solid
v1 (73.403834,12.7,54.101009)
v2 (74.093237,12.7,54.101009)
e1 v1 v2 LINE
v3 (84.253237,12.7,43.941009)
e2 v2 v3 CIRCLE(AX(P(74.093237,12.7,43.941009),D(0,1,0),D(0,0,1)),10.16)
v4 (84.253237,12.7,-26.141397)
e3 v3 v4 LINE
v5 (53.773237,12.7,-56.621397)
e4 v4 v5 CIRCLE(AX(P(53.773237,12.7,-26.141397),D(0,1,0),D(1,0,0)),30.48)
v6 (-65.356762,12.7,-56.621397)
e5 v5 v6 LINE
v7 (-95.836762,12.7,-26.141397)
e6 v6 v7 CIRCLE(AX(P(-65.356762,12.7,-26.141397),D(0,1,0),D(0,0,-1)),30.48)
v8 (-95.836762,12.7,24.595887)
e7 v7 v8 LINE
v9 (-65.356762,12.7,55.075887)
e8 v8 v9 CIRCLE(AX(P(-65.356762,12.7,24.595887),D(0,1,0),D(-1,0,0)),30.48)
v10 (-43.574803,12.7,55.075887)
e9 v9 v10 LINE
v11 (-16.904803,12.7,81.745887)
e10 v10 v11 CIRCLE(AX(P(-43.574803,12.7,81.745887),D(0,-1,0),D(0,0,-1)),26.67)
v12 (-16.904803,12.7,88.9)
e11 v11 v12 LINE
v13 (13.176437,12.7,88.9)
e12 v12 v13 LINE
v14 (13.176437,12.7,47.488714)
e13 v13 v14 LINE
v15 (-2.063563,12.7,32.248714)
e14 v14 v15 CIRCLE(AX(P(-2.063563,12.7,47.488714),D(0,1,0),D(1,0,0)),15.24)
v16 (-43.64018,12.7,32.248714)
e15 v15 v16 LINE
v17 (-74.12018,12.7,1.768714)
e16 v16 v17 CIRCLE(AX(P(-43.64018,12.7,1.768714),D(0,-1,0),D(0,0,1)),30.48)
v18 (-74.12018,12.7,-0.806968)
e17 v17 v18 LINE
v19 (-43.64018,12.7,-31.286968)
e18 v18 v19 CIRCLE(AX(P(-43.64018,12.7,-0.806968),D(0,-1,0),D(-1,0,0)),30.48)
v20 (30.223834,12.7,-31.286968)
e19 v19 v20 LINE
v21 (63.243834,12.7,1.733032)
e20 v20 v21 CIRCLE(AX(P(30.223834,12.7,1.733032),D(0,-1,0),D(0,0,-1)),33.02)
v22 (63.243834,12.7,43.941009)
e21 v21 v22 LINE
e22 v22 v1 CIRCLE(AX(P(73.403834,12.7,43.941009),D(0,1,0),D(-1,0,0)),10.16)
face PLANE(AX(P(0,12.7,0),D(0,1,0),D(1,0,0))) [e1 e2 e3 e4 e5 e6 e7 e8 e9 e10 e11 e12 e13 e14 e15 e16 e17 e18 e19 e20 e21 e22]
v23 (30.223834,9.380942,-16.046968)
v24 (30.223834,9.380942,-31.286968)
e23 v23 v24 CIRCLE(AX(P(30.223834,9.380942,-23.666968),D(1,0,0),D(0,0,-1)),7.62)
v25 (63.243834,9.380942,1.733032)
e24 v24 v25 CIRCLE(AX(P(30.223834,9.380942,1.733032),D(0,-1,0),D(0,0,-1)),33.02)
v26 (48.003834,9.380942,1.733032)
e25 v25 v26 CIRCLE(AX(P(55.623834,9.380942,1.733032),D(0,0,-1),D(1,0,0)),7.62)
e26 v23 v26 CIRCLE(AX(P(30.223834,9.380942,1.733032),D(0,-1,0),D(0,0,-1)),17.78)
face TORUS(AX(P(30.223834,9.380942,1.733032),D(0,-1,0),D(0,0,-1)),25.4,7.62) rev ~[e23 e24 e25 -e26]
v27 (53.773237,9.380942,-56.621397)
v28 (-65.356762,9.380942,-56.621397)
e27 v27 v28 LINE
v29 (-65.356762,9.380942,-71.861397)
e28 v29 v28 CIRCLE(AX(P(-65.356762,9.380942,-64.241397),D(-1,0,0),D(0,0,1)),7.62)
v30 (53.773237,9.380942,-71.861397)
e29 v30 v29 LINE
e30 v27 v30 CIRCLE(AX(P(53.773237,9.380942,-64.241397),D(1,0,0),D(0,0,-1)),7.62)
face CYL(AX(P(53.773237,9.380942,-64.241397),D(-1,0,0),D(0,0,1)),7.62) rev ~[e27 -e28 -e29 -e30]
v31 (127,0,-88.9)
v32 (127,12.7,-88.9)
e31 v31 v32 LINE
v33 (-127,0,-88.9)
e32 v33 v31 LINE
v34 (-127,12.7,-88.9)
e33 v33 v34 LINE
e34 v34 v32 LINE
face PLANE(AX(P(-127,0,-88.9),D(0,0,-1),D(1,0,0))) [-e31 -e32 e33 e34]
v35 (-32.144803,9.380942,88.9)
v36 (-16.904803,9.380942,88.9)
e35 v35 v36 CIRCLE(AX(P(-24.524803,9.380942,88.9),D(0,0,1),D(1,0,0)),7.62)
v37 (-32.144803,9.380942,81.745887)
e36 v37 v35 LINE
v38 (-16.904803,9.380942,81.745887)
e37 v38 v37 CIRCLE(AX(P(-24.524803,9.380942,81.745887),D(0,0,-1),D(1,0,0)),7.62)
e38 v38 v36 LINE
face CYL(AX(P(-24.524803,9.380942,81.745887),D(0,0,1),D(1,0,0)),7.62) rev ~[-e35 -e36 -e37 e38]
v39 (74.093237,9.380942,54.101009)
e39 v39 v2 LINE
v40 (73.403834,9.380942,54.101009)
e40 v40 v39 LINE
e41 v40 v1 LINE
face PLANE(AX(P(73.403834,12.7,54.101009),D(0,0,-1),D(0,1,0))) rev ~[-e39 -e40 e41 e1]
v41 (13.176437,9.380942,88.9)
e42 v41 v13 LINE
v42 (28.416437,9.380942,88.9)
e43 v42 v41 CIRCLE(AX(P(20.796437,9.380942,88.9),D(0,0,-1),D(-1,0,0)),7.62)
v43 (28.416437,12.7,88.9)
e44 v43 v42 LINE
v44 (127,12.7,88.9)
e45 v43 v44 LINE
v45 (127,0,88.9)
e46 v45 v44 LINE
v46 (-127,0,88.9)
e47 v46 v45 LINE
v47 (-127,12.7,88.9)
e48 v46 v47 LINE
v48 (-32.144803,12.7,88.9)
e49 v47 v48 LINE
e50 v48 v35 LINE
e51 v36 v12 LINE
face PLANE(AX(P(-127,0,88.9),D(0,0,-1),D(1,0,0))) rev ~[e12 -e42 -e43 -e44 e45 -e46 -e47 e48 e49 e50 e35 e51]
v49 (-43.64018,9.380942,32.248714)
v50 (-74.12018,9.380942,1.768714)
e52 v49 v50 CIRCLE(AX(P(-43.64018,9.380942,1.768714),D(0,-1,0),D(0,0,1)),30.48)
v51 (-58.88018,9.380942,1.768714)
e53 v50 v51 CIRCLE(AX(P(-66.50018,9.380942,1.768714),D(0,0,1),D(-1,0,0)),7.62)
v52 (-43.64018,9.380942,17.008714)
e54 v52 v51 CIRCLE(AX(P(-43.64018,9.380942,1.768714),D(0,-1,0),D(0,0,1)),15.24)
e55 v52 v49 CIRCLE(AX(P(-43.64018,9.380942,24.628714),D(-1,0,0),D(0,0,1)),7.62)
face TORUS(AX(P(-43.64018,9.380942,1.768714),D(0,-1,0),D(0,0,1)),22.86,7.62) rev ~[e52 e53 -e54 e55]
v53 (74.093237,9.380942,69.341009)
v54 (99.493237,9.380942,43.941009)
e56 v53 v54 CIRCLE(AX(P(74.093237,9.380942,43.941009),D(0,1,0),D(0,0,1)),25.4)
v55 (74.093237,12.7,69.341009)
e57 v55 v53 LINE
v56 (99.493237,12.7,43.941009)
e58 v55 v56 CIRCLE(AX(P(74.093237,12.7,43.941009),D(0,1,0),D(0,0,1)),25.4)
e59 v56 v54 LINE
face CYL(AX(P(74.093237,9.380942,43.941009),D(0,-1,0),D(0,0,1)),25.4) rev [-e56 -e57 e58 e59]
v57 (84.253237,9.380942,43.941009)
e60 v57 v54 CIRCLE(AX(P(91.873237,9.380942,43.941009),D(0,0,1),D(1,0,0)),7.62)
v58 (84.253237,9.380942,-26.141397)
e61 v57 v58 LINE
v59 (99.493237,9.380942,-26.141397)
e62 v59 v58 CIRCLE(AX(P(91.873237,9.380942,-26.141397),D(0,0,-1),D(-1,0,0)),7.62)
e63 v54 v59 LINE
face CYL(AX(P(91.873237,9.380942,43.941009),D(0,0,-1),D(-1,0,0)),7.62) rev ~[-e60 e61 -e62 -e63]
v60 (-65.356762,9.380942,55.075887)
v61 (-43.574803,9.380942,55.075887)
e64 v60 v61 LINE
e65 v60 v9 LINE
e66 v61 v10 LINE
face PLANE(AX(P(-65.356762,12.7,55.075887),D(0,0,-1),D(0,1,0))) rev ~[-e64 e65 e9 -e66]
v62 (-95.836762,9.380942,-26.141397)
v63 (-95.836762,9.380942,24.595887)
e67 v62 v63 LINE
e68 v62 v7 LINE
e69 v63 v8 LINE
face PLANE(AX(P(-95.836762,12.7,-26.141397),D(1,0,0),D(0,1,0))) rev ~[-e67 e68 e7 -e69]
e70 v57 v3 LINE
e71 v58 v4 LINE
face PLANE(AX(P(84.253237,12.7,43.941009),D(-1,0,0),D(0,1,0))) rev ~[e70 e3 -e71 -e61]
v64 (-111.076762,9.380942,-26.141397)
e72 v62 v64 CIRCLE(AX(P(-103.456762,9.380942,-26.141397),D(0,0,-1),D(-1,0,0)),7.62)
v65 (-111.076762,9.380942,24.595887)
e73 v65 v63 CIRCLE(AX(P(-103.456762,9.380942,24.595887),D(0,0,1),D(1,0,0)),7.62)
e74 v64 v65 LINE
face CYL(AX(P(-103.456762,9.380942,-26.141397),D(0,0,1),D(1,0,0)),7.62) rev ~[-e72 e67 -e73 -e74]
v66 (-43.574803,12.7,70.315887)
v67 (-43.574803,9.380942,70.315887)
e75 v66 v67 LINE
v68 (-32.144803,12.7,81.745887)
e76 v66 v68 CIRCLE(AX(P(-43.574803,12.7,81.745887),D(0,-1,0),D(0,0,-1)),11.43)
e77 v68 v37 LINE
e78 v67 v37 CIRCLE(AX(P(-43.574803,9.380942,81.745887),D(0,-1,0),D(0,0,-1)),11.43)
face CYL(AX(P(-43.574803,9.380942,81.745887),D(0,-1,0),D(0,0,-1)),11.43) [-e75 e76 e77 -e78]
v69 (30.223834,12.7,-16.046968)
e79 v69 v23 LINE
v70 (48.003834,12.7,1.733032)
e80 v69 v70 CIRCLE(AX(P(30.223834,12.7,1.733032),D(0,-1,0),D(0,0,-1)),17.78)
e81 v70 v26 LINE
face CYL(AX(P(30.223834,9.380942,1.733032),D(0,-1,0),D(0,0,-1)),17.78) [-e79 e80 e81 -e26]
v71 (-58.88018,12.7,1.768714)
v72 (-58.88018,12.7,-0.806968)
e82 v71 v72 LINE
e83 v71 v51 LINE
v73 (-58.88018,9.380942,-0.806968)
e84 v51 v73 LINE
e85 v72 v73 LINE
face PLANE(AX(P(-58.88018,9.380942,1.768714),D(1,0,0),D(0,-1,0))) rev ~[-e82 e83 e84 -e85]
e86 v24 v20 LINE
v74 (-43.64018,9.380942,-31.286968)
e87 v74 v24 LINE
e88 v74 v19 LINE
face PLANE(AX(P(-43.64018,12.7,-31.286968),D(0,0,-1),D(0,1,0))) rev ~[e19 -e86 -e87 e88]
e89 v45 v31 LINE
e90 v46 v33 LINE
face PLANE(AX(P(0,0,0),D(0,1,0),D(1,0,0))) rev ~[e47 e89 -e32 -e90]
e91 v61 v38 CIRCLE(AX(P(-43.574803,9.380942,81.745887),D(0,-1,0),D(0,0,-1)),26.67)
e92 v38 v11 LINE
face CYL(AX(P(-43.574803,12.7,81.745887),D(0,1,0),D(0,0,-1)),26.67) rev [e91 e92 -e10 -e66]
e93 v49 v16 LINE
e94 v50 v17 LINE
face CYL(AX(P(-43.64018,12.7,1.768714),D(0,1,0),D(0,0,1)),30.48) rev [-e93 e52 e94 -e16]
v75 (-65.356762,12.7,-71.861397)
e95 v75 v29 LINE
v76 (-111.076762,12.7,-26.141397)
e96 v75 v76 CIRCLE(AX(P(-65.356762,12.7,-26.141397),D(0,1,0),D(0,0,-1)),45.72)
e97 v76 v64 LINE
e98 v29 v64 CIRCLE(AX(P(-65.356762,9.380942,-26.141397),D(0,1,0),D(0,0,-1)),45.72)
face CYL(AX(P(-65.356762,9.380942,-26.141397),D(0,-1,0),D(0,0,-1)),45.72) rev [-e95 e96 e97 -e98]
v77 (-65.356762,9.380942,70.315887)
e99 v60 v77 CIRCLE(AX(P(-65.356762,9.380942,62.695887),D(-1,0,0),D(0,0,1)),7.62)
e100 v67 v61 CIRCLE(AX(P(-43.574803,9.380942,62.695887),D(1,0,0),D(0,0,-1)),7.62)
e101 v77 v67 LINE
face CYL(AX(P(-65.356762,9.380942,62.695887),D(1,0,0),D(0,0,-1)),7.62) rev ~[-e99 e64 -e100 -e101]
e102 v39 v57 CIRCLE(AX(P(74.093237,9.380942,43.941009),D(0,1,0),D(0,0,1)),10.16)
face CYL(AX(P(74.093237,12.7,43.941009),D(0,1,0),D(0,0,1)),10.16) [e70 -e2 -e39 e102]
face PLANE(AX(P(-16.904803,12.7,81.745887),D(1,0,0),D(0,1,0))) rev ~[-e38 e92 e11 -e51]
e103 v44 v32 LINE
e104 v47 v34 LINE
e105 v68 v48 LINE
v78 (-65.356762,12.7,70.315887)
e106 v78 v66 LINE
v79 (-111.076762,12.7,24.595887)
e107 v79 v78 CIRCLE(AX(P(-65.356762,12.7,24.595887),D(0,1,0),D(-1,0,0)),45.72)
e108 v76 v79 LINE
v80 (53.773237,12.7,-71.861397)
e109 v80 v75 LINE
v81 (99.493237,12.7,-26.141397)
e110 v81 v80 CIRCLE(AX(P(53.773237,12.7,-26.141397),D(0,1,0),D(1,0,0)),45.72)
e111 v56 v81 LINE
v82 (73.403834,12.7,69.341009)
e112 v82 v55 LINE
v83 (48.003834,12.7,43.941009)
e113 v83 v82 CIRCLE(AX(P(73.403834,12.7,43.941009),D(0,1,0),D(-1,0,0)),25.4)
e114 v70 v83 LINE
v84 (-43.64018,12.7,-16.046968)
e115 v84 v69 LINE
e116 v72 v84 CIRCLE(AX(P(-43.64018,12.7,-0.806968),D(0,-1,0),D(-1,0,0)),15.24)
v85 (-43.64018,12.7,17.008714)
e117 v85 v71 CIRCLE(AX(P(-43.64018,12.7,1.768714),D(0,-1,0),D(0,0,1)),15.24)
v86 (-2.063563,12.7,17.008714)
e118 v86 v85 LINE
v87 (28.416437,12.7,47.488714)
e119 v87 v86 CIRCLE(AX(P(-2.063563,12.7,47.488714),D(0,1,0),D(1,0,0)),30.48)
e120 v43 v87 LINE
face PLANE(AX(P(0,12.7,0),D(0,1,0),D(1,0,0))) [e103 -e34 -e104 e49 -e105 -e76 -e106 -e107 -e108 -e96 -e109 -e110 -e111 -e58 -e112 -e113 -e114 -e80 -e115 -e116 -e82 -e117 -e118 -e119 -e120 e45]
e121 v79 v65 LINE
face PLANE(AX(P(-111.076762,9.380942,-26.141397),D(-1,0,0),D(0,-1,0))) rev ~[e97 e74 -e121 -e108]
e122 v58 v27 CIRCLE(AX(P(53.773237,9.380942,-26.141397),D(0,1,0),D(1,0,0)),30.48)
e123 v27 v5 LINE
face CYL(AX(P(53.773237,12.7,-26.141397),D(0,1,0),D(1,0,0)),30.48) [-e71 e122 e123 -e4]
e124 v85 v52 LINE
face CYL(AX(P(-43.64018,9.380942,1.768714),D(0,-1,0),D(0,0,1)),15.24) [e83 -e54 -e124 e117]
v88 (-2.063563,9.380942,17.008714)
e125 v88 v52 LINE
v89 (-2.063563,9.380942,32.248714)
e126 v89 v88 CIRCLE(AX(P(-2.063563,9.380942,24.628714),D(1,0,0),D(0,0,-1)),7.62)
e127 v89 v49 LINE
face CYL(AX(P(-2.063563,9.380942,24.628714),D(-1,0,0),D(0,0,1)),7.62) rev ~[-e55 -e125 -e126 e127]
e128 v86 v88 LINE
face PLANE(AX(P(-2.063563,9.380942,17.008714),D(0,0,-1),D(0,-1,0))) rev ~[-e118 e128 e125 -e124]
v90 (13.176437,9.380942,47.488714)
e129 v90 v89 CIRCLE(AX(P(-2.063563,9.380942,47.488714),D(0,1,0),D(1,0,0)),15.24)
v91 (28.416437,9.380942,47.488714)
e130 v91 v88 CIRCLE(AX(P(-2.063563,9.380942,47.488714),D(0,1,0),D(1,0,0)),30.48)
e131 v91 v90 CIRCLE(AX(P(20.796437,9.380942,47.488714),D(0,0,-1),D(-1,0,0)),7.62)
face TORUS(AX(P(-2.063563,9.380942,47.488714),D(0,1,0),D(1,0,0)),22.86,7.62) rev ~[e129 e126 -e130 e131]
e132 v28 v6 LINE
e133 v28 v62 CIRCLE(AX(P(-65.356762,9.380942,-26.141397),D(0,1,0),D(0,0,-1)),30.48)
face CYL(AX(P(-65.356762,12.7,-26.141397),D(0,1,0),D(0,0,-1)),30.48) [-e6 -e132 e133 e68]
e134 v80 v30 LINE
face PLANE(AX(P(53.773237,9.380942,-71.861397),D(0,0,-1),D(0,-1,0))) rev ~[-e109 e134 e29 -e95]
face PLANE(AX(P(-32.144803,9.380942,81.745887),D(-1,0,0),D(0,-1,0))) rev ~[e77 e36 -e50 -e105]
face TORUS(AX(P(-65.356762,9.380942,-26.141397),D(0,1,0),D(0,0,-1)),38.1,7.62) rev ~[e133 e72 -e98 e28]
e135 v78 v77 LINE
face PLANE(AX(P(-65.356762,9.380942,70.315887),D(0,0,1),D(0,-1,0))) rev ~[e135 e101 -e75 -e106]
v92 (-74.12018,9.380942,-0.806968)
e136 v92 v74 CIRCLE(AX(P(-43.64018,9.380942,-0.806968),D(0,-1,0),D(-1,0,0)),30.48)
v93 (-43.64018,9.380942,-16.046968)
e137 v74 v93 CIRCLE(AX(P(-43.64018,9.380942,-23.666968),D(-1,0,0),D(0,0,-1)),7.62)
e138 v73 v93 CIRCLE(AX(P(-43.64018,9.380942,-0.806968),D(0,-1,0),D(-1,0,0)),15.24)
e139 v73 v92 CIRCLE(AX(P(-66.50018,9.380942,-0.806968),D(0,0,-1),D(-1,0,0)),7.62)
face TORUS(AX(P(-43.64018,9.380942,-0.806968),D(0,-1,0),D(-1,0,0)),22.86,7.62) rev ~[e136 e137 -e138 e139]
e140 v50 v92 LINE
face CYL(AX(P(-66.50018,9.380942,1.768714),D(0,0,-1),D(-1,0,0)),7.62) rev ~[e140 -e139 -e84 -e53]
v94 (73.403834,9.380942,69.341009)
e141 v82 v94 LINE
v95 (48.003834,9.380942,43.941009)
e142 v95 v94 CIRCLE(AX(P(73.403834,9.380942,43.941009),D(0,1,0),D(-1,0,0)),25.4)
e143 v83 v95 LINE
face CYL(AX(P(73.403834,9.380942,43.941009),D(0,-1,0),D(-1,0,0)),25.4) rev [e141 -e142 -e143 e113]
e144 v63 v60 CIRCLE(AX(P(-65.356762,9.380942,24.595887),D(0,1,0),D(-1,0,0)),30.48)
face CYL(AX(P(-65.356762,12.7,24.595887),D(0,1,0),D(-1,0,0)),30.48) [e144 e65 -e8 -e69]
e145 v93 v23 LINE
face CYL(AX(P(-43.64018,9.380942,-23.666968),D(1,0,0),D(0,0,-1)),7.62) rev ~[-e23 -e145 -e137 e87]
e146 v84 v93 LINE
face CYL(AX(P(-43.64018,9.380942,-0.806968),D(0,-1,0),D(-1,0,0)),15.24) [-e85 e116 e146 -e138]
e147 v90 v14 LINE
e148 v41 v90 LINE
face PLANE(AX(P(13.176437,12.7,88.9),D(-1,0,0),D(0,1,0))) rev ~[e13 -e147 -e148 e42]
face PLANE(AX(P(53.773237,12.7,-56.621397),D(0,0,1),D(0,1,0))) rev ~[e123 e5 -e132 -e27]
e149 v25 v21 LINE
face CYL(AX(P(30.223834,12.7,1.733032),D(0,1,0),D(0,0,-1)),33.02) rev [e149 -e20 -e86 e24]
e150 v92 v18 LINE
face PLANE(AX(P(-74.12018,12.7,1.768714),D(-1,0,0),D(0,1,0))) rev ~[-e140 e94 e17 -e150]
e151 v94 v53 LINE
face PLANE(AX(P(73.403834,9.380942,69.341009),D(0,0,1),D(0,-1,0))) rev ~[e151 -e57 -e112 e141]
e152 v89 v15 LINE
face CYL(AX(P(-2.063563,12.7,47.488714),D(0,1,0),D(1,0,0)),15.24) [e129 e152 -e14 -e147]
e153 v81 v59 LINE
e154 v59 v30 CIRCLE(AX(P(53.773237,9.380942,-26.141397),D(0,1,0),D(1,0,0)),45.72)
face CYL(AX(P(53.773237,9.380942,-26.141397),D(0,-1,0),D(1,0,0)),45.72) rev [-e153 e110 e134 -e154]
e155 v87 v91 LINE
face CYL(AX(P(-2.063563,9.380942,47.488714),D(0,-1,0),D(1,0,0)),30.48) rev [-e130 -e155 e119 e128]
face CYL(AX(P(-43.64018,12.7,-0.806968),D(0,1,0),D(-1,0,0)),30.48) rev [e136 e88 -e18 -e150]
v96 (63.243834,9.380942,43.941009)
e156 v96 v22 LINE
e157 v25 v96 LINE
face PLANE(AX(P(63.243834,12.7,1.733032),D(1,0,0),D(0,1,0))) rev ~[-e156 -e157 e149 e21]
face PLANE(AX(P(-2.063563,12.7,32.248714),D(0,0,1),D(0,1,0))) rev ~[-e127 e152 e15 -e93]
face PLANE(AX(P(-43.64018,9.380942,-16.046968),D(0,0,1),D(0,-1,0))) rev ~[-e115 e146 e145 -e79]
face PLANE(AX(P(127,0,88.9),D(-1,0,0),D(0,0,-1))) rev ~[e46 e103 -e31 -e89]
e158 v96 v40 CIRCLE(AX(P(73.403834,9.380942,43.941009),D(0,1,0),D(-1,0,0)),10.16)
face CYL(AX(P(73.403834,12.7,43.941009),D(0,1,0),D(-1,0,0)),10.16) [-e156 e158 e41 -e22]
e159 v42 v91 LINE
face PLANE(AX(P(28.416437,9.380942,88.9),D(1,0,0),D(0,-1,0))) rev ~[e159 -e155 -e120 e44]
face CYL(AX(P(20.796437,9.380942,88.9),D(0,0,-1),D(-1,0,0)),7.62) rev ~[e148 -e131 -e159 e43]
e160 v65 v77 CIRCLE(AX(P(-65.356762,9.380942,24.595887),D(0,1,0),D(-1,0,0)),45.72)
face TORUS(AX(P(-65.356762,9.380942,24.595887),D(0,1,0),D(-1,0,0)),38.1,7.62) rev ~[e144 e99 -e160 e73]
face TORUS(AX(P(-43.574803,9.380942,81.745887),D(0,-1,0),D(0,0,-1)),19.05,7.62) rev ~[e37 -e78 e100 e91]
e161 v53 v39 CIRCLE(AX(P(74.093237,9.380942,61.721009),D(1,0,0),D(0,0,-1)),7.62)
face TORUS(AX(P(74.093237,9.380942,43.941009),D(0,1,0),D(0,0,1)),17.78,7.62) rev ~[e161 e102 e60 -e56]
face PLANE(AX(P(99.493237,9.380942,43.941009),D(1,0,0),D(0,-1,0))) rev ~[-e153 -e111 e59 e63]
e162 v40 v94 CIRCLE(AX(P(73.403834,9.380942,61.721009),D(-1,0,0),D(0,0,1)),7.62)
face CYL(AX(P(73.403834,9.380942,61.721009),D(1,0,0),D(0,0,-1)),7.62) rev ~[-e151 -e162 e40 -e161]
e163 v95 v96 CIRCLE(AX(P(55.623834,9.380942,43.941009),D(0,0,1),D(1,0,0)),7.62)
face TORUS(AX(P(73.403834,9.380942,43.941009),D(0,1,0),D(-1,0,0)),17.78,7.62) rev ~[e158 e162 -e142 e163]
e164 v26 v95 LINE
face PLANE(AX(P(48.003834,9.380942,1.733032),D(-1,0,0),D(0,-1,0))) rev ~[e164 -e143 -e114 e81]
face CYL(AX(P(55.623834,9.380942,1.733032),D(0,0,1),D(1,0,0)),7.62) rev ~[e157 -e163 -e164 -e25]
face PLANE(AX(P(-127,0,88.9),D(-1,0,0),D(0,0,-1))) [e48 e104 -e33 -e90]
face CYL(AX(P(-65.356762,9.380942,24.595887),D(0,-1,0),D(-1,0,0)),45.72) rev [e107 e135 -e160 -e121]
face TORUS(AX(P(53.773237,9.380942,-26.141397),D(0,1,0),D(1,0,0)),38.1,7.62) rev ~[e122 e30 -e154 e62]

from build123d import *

# Parameters (mm, degrees)
SKETCH1_W           = 254
SKETCH1_H           = 177.8
BOSS_EXTRUDE1_DEPTH = 12.7


with BuildPart() as part:
    # Sketch1 → Boss-Extrude1 (new body)
    with BuildSketch(Plane(origin=(0, 0, 0), x_dir=(1, 0, 0), z_dir=(0, 1, 0))):
        Rectangle(SKETCH1_W, SKETCH1_H)
    extrude(amount=BOSS_EXTRUDE1_DEPTH)

    # Cut-Sweep2: sweep along a path in Sketch2
    with BuildLine(Plane(origin=(0, 12.7, 0), x_dir=(1, 0, 0), z_dir=(0, 1, 0))) as cut_sweep2_path:
        Line((20.796437491, -88.9), (20.796437491, -47.488713932))
        ThreePointArc((20.796437491, -47.488713932), (14.100898509, -31.324252914), (-2.063562509, -24.628713932))
        Line((-2.063562509, -24.628713932), (-27.110242968, -24.628713932))
        Line((-27.110242968, -24.628713932), (-43.640180234, -24.628713932))
        ThreePointArc((-43.640180234, -24.628713932), (-59.804641252, -17.93317495), (-66.500180234, -1.768713932))
        Line((-66.500180234, -1.768713932), (-66.500180234, 0.806968371))
        ThreePointArc((-66.500180234, 0.806968371), (-59.804641252, 16.971429389), (-43.640180234, 23.666968371))
        Line((-43.640180234, 23.666968371), (30.223833761, 23.666968371))
        ThreePointArc((30.223833761, 23.666968371), (48.184346003, 16.227480613), (55.623833761, -1.733031629))
        Line((55.623833761, -1.733031629), (55.623833761, -43.941009117))
        ThreePointArc((55.623833761, -43.941009117), (60.831475192, -56.513367686), (73.403833761, -61.721009117))
        Line((73.403833761, -61.721009117), (74.093236775, -61.721009117))
        ThreePointArc((74.093236775, -61.721009117), (86.665595344, -56.513367686), (91.873236775, -43.941009117))
        Line((91.873236775, -43.941009117), (91.873236775, 26.14139739))
        ThreePointArc((91.873236775, 26.14139739), (80.714005138, 53.082165753), (53.773236775, 64.24139739))
        Line((53.773236775, 64.24139739), (-65.356762302, 64.24139739))
        ThreePointArc((-65.356762302, 64.24139739), (-92.297530666, 53.082165753), (-103.456762302, 26.14139739))
        Line((-103.456762302, 26.14139739), (-103.456762302, -24.595886827))
        ThreePointArc((-103.456762302, -24.595886827), (-92.297530666, -51.53665519), (-65.356762302, -62.695886827))
        Line((-65.356762302, -62.695886827), (-43.57480307, -62.695886827))
        ThreePointArc((-43.57480307, -62.695886827), (-30.104418888, -68.275502645), (-24.52480307, -81.745886827))
        Line((-24.52480307, -81.745886827), (-24.52480307, -88.9))
    # Sketch3 → Cut-Sweep2 (sweep, cut)
    with BuildSketch(Plane.XY.offset(88.9)):
        with BuildLine():
            Line((-16.90480307, 12.7), (-16.90480307, 9.380942321))
            ThreePointArc((-16.90480307, 9.380942321), (-24.52480307, 1.760942321), (-32.14480307, 9.380942321))
            Line((-32.14480307, 9.380942321), (-32.14480307, 12.7))
            ThreePointArc((-32.14480307, 12.7), (-24.52480307, 20.32), (-16.90480307, 12.7))
        make_face()
    sweep(path=cut_sweep2_path.line, mode=Mode.SUBTRACT)


solid = part.part
